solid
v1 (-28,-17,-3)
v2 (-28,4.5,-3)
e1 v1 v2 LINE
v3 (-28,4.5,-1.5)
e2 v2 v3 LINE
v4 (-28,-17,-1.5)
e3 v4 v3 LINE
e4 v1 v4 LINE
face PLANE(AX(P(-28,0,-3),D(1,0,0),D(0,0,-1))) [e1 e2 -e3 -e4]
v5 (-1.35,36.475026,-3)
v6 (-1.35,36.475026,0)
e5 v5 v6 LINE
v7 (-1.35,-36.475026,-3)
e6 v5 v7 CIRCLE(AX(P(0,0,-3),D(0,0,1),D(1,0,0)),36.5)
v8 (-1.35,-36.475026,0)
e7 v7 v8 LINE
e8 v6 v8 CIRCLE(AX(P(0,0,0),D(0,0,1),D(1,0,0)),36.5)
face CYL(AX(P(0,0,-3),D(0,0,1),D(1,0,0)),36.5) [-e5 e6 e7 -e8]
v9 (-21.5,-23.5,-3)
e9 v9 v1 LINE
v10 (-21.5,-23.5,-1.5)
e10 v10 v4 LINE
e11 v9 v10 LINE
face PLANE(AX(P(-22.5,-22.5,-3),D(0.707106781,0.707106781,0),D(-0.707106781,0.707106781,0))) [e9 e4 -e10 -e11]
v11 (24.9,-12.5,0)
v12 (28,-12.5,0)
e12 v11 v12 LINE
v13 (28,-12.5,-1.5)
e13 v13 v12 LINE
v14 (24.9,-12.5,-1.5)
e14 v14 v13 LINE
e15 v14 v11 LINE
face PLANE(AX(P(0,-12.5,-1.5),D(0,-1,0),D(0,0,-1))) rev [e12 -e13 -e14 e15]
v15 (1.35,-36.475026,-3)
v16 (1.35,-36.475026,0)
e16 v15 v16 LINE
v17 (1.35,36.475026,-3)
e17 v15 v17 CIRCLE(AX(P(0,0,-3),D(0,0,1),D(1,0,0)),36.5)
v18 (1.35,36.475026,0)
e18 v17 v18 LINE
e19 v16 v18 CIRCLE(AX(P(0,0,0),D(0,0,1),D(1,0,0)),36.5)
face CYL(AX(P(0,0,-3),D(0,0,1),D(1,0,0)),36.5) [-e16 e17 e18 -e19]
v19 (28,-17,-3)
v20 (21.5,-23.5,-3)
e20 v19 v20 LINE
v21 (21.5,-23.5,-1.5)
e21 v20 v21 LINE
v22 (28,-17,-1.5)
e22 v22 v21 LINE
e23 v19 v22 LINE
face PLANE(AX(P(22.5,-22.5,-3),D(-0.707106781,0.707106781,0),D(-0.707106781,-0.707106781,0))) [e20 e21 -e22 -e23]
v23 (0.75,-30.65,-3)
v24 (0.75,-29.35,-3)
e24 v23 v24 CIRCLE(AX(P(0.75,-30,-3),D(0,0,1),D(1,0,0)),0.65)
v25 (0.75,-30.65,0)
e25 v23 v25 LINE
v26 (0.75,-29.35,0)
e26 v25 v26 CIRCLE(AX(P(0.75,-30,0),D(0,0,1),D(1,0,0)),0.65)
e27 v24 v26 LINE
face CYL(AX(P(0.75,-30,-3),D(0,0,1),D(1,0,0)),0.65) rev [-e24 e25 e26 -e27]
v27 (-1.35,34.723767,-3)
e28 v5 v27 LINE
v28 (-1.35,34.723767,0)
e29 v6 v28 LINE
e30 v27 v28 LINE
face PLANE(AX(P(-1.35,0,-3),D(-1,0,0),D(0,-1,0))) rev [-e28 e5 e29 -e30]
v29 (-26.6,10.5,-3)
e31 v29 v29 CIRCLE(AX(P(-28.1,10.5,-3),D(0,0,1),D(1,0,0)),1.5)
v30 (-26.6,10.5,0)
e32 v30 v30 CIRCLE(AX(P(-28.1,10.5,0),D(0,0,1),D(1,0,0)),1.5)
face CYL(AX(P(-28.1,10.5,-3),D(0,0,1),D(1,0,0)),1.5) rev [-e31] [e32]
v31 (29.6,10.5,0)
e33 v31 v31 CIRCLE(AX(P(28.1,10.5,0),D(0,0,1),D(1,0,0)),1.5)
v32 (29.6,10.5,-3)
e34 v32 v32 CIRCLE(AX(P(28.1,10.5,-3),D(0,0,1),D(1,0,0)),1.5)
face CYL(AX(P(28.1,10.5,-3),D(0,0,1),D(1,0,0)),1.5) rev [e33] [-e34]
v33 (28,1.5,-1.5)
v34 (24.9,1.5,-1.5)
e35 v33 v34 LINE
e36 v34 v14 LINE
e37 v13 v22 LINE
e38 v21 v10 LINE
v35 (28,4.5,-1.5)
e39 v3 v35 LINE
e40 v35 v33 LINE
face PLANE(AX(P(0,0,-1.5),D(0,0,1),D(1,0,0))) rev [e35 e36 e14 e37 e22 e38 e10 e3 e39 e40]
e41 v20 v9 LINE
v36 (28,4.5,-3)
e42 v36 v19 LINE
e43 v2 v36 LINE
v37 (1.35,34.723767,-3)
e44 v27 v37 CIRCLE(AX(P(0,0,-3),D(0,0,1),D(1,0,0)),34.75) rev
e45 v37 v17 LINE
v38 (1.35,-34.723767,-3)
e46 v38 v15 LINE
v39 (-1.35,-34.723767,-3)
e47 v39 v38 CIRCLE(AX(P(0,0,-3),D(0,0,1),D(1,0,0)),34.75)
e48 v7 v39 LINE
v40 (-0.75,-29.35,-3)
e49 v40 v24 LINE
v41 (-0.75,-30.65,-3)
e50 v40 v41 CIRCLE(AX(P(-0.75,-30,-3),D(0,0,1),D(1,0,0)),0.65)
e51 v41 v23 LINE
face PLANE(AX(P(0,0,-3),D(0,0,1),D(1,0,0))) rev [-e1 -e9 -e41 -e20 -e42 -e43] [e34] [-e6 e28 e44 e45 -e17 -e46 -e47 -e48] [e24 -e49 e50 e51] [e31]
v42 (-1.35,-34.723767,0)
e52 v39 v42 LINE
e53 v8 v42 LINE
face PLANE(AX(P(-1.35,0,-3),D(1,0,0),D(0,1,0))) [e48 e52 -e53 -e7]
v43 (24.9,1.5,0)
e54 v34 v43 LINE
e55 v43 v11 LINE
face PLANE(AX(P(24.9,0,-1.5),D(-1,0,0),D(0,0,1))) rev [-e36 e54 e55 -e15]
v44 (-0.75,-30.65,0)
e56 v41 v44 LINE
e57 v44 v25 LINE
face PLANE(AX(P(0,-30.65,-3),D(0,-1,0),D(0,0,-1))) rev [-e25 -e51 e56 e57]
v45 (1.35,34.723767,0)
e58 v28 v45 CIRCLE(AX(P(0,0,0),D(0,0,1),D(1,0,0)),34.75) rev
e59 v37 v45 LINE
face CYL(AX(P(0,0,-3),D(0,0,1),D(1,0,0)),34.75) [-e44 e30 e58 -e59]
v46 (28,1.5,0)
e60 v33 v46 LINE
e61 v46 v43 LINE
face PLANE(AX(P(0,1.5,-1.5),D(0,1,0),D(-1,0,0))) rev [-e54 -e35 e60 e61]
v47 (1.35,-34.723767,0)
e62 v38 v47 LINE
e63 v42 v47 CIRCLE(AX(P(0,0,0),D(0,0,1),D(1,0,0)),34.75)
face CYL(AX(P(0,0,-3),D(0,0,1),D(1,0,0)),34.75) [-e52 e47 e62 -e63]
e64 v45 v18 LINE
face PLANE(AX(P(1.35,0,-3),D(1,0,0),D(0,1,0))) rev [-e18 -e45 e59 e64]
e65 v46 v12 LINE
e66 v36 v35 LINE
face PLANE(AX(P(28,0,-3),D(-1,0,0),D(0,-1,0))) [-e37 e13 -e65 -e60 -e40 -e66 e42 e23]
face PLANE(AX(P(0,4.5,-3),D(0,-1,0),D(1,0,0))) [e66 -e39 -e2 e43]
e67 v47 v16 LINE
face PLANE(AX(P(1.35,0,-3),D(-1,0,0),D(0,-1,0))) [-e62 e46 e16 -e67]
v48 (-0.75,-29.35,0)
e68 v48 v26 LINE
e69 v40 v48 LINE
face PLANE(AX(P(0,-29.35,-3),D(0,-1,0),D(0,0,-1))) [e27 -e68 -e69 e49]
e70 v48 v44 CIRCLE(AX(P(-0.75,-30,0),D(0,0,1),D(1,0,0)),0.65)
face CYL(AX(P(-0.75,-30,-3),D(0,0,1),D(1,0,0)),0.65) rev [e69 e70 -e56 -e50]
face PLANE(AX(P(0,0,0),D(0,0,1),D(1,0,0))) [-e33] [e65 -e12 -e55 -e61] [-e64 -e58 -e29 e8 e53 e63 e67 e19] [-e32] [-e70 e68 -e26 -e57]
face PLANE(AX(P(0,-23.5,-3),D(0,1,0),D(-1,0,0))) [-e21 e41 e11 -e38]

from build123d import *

# Parameters (mm, degrees)
SKETCH1_R           = 1.5
BOSS_EXTRUDE3_DEPTH = 3
BOSS_EXTRUDE4_DEPTH = 1.5


with BuildPart() as part:
    # Sketch1 → Boss-Extrude3 (new body)
    with BuildSketch(Plane.XY):
        with BuildLine():
            Line((-1.35, 34.723767077), (-1.35, 36.475025703))
            ThreePointArc((-1.35, 36.475025703), (-36.5, 0), (-1.35, -36.475025703))
            Line((-1.35, -36.475025703), (-1.35, -34.723767077))
            ThreePointArc((-1.35, -34.723767077), (0, -34.75), (1.35, -34.723767077))
            Line((1.35, -34.723767077), (1.35, -36.475025703))
            ThreePointArc((1.35, -36.475025703), (36.5, 0), (1.35, 36.475025703))
            Line((1.35, 36.475025703), (1.35, 34.723767077))
            ThreePointArc((1.35, 34.723767077), (0, 34.75), (-1.35, 34.723767077))
        make_face()
        with BuildLine():
            ThreePointArc((-0.75, -30.65), (-1.4, -30), (-0.75, -29.35))
            Line((-0.75, -29.35), (0.75, -29.35))
            ThreePointArc((0.75, -29.35), (1.4, -30), (0.75, -30.65))
            Line((0.75, -30.65), (-0.75, -30.65))
        make_face(mode=Mode.SUBTRACT)
        Polygon((-28, -17), (-28, 4.5), (28, 4.5), (28, 1.5), (28, -12.5), (28, -17), (21.5, -23.5), (-21.5, -23.5), align=None, mode=Mode.SUBTRACT)
        with Locations((-28.1, 10.5)):
            Circle(SKETCH1_R, mode=Mode.SUBTRACT)
        with Locations((28.1, 10.5)):
            Circle(SKETCH1_R, mode=Mode.SUBTRACT)
    extrude(amount=-BOSS_EXTRUDE3_DEPTH)

    # Sketch1<9> → Boss-Extrude4 (add)
    with BuildSketch(Plane.XY):
        Polygon((28, 4.5), (-28, 4.5), (-28, -17), (-21.5, -23.5), (21.5, -23.5), (28, -17), (28, -12.5), (24.9, -12.5), (24.9, 1.5), (28, 1.5), align=None)
    extrude(amount=-BOSS_EXTRUDE4_DEPTH)


solid = part.part
